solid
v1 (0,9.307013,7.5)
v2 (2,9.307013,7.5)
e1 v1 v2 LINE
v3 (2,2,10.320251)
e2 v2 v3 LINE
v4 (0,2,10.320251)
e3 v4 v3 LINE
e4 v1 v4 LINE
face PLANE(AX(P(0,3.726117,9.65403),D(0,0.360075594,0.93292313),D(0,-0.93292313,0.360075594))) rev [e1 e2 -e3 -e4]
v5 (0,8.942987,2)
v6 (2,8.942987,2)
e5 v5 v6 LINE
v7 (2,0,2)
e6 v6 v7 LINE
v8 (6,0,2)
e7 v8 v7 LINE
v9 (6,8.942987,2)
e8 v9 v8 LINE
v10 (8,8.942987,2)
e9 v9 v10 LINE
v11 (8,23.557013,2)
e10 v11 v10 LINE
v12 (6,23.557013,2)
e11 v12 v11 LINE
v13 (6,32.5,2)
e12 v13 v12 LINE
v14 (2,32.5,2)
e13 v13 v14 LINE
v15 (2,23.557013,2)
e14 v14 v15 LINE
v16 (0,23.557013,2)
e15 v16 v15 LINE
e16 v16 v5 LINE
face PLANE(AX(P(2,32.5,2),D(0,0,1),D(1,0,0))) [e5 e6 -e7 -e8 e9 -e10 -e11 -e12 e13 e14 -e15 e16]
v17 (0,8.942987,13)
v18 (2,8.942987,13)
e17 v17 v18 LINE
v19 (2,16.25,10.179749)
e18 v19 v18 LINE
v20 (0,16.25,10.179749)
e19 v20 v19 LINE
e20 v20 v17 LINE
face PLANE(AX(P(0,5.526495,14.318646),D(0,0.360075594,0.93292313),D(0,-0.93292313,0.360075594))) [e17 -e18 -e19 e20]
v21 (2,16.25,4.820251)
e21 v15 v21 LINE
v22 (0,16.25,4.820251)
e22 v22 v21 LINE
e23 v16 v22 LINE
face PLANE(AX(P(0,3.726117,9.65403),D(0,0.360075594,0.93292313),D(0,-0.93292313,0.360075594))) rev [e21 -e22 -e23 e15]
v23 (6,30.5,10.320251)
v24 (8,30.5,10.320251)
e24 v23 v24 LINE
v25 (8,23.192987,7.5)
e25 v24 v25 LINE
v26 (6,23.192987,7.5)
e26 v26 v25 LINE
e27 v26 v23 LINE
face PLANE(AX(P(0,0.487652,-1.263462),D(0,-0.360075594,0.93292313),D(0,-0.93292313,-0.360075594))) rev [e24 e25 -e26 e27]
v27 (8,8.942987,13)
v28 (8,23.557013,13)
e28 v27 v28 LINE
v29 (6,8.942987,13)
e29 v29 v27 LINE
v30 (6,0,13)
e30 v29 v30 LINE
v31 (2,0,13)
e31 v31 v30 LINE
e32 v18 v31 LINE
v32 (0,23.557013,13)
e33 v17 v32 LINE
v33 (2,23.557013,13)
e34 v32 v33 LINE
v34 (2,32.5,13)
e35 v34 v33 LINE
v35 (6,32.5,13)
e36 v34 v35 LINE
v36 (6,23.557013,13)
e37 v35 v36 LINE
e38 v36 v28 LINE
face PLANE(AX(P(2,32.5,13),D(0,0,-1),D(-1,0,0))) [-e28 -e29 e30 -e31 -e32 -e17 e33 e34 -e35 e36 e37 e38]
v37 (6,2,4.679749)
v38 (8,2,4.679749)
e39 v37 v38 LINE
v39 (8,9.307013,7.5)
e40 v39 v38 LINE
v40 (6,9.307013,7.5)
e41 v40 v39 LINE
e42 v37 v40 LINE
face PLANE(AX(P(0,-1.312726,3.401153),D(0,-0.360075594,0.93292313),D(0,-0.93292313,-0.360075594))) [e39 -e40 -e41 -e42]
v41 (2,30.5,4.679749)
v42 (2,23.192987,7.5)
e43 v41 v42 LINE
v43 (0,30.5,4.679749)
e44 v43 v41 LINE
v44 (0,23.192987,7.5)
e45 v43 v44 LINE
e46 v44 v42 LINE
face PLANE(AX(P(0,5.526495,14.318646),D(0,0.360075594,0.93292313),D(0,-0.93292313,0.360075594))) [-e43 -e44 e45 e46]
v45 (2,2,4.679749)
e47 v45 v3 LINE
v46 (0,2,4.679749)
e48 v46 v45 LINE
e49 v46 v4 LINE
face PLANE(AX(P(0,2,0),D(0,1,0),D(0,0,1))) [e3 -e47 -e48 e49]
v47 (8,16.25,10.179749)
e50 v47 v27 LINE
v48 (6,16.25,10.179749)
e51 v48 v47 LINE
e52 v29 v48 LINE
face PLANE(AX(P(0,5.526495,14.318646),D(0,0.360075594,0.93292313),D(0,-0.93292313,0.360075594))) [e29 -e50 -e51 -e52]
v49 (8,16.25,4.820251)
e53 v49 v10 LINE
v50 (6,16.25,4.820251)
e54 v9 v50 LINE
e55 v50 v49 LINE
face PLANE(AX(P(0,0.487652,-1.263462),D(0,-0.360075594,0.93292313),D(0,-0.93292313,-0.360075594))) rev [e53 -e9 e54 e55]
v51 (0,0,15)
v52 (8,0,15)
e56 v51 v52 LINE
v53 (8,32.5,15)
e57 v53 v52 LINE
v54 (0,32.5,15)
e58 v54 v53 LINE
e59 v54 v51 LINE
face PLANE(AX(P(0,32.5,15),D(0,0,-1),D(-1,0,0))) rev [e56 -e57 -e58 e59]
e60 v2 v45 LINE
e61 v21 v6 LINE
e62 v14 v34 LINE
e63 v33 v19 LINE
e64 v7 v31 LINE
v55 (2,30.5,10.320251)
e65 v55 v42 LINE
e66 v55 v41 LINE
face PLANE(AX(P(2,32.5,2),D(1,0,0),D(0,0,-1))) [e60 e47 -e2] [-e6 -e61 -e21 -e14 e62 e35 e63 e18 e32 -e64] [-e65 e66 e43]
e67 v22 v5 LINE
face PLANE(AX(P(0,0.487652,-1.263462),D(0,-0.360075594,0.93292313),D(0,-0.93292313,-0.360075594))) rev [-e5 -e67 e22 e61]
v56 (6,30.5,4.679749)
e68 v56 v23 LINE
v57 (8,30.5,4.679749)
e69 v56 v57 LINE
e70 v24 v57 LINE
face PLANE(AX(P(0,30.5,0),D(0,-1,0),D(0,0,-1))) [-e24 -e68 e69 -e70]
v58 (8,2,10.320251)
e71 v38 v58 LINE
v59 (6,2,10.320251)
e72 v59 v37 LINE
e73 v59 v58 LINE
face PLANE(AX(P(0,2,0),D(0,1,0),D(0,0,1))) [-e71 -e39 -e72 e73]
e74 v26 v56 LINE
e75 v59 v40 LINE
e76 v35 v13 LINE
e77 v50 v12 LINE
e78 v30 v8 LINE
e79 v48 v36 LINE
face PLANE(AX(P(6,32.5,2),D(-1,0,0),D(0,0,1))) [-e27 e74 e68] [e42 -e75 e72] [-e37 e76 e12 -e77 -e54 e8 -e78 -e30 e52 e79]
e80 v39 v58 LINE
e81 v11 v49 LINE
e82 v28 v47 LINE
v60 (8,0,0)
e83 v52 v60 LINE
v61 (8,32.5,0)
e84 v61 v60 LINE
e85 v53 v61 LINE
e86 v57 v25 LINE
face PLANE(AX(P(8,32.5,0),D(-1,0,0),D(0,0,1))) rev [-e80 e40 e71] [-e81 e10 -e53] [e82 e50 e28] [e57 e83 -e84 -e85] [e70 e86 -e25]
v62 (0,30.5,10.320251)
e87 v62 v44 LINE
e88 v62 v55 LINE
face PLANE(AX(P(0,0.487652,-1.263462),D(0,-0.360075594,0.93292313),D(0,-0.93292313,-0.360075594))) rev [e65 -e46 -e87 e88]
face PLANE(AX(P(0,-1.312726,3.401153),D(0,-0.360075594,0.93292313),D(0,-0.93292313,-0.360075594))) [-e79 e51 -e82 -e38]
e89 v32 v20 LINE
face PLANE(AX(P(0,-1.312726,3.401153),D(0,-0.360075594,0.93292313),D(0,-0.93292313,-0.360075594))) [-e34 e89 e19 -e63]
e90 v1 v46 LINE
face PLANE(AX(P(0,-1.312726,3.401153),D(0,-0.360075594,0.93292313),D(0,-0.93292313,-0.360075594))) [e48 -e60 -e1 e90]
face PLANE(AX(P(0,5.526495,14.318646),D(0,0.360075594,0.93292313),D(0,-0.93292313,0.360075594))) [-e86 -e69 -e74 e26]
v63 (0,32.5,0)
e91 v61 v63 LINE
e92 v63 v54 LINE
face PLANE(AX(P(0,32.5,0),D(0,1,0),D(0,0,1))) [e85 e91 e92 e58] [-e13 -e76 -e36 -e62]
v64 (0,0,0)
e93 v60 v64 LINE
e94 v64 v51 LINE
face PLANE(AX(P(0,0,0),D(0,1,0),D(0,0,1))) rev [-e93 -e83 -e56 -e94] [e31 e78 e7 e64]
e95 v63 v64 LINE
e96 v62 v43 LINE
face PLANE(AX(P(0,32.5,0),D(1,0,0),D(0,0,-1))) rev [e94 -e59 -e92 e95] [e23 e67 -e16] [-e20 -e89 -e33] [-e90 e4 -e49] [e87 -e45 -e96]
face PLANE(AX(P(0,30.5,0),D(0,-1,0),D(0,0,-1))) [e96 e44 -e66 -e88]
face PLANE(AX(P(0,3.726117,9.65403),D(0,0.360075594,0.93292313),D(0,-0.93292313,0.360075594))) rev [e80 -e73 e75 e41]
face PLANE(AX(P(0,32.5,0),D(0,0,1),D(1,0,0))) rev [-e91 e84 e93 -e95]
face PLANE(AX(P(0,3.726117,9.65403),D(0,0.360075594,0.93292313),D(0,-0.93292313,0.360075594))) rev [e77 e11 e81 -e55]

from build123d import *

# Parameters (mm, degrees)
SKETCH1_W           = 8
SKETCH1_H           = 15
SKETCH1_W_2         = 4
SKETCH1_H_2         = 11
BOSS_EXTRUDE1_DEPTH = 32.5
CUT_EXTRUDE1_DEPTH  = 37.67764987


with BuildPart() as part:
    # Sketch1 → Boss-Extrude1 (new body)
    with BuildSketch(Plane(origin=(0, 0, 0), x_dir=(1, 0, 0), z_dir=(0, 1, 0))):
        with Locations((4, -7.5)):
            Rectangle(SKETCH1_W, SKETCH1_H)
        with Locations((4, -7.5)):
            Rectangle(SKETCH1_W_2, SKETCH1_H_2, mode=Mode.SUBTRACT)
    extrude(amount=BOSS_EXTRUDE1_DEPTH)

    # Sketch2 → Cut-Extrude1 (cut, through all)
    with BuildSketch(Plane(origin=(8, 0, 0), x_dir=(0, 0, -1), z_dir=(1, 0, 0))):
        Polygon((-10.320250812, 30.5), (-4.679749188, 30.5), (-7.5, 23.192986532), align=None)
        Polygon((-13, 23.557013468), (-10.179749188, 16.25), (-13, 8.942986532), align=None)
        Polygon((-2, 23.557013468), (-4.820250812, 16.25), (-2, 8.942986532), align=None)
        Polygon((-7.5, 9.307013468), (-4.679749188, 2), (-10.320250812, 2), align=None)
    extrude(amount=-CUT_EXTRUDE1_DEPTH, mode=Mode.SUBTRACT)


solid = part.part
